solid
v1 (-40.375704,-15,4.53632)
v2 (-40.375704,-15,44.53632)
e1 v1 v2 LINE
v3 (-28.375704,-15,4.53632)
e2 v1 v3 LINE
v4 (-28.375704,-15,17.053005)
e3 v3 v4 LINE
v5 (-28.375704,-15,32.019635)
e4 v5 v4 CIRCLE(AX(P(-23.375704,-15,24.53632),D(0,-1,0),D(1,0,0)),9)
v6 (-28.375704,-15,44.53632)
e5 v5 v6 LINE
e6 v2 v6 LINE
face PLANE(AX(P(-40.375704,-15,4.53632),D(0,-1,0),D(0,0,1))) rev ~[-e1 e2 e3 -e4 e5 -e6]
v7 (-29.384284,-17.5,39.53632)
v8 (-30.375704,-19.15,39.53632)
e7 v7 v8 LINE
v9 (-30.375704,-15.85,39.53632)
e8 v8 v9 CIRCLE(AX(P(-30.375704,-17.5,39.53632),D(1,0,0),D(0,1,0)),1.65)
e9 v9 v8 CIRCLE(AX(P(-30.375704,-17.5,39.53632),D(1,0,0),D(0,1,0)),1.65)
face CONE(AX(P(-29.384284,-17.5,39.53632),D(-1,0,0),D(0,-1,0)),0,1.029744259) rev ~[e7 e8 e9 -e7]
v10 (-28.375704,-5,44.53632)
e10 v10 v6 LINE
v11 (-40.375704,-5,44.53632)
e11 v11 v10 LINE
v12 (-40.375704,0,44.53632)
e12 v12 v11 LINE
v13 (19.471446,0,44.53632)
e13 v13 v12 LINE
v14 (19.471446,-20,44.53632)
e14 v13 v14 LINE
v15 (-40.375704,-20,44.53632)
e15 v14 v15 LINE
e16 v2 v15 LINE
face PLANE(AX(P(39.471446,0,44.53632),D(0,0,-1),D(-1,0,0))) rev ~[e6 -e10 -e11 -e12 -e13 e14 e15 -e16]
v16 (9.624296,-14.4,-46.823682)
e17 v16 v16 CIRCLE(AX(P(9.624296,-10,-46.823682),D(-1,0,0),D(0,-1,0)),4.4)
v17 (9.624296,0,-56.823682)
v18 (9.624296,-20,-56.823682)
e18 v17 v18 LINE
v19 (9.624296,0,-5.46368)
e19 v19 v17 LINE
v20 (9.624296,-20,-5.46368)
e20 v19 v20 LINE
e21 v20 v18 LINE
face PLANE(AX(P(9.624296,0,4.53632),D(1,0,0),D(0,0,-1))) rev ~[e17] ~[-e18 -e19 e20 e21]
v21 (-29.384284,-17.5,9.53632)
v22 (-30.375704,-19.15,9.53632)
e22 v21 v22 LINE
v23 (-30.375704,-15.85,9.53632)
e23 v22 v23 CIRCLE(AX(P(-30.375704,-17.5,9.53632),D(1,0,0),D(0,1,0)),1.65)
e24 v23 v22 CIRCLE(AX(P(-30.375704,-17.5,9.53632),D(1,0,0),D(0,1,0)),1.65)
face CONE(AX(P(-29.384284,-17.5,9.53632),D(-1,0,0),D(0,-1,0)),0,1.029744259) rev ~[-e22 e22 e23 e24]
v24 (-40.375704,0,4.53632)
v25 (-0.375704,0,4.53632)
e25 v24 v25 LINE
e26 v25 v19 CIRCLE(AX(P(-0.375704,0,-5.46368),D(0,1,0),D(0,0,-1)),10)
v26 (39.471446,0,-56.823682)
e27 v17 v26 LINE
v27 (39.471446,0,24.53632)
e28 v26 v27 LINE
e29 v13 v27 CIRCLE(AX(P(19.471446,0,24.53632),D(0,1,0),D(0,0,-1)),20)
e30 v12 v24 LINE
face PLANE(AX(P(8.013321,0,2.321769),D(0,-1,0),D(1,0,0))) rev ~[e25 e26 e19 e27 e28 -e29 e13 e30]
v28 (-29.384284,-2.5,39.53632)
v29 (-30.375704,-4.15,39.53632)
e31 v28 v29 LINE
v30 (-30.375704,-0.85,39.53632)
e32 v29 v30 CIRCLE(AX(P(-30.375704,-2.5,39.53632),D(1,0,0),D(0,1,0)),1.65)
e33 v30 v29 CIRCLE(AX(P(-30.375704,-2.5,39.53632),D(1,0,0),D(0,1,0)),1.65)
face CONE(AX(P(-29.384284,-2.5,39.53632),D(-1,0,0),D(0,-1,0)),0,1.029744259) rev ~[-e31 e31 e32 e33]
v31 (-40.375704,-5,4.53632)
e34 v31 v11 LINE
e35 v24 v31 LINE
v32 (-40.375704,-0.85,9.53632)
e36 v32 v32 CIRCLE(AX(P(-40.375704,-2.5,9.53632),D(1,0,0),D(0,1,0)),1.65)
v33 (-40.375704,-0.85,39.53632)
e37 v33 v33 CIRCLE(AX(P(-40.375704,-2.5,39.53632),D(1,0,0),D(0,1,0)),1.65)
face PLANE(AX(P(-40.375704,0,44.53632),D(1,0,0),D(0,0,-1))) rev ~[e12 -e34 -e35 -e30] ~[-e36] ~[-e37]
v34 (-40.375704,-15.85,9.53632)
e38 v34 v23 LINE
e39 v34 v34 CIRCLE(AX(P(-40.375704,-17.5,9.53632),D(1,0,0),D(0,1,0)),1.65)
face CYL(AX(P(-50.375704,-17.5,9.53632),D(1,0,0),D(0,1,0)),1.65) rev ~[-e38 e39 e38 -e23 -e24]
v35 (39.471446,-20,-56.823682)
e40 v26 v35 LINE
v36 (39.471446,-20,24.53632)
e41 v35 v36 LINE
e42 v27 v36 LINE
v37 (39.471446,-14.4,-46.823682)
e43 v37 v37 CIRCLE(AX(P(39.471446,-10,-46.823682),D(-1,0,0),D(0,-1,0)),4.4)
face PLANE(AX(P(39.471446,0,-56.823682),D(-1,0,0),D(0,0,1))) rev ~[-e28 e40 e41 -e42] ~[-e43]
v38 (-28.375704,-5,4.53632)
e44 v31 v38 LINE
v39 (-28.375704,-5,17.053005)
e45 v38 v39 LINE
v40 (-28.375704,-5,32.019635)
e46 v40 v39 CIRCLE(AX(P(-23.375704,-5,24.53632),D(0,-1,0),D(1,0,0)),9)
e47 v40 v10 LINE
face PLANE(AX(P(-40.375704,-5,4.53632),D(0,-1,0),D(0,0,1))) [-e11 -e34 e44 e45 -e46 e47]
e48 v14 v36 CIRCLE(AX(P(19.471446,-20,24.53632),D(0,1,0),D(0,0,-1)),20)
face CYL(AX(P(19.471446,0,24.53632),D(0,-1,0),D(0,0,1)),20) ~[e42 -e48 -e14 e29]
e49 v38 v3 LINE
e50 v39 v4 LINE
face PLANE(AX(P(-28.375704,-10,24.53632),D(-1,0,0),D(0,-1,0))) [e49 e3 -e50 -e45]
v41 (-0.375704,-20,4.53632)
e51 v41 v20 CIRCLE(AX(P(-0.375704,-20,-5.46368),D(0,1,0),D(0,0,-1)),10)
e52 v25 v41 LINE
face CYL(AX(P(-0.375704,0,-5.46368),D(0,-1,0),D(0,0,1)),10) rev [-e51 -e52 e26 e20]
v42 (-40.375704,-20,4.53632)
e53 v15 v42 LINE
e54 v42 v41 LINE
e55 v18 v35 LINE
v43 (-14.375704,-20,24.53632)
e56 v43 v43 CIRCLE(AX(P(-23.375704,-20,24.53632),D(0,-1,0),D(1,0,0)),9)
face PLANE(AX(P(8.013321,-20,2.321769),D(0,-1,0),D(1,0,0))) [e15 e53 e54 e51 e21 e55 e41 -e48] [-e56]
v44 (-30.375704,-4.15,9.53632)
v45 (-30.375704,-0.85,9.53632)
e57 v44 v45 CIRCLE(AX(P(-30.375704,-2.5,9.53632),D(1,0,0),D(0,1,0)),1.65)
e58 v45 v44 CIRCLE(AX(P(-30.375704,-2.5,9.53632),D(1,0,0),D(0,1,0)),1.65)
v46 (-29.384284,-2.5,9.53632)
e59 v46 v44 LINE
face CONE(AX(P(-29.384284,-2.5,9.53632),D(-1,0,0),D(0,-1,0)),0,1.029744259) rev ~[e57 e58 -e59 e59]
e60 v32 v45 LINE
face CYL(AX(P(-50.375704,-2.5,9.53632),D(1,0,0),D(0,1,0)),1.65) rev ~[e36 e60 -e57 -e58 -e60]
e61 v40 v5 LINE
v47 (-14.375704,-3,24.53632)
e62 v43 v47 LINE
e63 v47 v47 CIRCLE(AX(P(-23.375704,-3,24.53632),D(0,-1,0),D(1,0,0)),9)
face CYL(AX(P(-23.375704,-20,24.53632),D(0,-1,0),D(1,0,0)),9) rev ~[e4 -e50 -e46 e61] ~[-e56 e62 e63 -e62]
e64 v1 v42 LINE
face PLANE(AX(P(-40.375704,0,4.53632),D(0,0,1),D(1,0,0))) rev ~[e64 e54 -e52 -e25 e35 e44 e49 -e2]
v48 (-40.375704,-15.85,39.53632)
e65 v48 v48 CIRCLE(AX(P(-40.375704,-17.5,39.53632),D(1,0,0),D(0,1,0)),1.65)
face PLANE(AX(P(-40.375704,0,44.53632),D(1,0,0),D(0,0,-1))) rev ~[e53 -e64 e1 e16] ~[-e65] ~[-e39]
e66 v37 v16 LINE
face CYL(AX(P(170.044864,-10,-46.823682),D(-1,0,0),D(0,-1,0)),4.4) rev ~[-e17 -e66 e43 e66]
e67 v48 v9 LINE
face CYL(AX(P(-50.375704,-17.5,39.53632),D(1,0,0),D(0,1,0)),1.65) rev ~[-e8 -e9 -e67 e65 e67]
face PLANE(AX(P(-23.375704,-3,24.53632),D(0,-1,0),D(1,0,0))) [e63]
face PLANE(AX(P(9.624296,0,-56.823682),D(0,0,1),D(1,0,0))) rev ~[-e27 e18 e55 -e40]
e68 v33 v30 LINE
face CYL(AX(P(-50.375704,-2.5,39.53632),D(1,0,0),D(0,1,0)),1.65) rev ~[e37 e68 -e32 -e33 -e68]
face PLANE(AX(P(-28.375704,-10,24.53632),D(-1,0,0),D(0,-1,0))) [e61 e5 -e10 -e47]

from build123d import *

# Parameters (mm, degrees)
F1_DEPTH  = 20
F2_R      = 10
F3_R      = 20
F5_D      = 8.8
F6_W      = 10
F6_H      = 40
F7_DEPTH  = 12
F8_R      = 9
F9_DEPTH  = 17
F11_D     = 3.3
F11_DEPTH = 10
F11_TIP   = 0.9914200214


with BuildPart() as f1:
    # F0 (on Front) → F1 (new body)
    with BuildSketch(Plane.XZ):
        Polygon((39.4714460536, 44.5363200395), (-40.3757039464, 44.5363200395), (-40.3757039464, 4.5363200395), (9.6242960536, 4.5363200395), (9.6242960536, -56.8236818447), (39.4714460536, -56.8236818447), align=None)
    extrude(amount=F1_DEPTH)

    # F2
    f2_edges = [f1.edges().sort_by_distance(p)[0] for p in [
        (9.624296, -10, 4.53632),
    ]]
    fillet(f2_edges, radius=F2_R)

    # F3
    f3_edges = [f1.edges().sort_by_distance(p)[0] for p in [
        (39.471446, -10, 44.53632),
    ]]
    fillet(f3_edges, radius=F3_R)

    # F5 (through all)
    with Locations(Plane.YZ.offset(39.4714460536)):
        with Locations((-10, -46.8236818447)):
            Hole(F5_D / 2)

    # F6 (on face) → F7 (cut)
    with BuildSketch(Plane(origin=(-40.3757039464, 0, 0), x_dir=(0, -1, 0), z_dir=(-1, 0, 0))):
        with Locations((10, 24.5363200395)):
            Rectangle(F6_W, F6_H)
    extrude(amount=-F7_DEPTH, mode=Mode.SUBTRACT)

    # F8 (on face) → F9 (cut)
    with BuildSketch(Plane.XZ.offset(20)):
        with Locations((-23.3757039464, 24.5363200395)):
            Circle(F8_R)
    extrude(amount=-F9_DEPTH, mode=Mode.SUBTRACT)

    # F11
    with Locations(Plane(origin=(-40.3757039464, 0, 0), x_dir=(0, -1, 0), z_dir=(-1, 0, 0))):
        with Locations((2.5, 39.5363200395), (17.5, 39.5363200395), (17.5, 9.5363200395), (2.5, 9.5363200395)):
            Hole(F11_D / 2, depth=F11_DEPTH)
            with Locations((0, 0, -(F11_DEPTH + F11_TIP / 2))):  # 118° drill point
                Cone(0, F11_D / 2, F11_TIP, mode=Mode.SUBTRACT)


solid = f1.part
